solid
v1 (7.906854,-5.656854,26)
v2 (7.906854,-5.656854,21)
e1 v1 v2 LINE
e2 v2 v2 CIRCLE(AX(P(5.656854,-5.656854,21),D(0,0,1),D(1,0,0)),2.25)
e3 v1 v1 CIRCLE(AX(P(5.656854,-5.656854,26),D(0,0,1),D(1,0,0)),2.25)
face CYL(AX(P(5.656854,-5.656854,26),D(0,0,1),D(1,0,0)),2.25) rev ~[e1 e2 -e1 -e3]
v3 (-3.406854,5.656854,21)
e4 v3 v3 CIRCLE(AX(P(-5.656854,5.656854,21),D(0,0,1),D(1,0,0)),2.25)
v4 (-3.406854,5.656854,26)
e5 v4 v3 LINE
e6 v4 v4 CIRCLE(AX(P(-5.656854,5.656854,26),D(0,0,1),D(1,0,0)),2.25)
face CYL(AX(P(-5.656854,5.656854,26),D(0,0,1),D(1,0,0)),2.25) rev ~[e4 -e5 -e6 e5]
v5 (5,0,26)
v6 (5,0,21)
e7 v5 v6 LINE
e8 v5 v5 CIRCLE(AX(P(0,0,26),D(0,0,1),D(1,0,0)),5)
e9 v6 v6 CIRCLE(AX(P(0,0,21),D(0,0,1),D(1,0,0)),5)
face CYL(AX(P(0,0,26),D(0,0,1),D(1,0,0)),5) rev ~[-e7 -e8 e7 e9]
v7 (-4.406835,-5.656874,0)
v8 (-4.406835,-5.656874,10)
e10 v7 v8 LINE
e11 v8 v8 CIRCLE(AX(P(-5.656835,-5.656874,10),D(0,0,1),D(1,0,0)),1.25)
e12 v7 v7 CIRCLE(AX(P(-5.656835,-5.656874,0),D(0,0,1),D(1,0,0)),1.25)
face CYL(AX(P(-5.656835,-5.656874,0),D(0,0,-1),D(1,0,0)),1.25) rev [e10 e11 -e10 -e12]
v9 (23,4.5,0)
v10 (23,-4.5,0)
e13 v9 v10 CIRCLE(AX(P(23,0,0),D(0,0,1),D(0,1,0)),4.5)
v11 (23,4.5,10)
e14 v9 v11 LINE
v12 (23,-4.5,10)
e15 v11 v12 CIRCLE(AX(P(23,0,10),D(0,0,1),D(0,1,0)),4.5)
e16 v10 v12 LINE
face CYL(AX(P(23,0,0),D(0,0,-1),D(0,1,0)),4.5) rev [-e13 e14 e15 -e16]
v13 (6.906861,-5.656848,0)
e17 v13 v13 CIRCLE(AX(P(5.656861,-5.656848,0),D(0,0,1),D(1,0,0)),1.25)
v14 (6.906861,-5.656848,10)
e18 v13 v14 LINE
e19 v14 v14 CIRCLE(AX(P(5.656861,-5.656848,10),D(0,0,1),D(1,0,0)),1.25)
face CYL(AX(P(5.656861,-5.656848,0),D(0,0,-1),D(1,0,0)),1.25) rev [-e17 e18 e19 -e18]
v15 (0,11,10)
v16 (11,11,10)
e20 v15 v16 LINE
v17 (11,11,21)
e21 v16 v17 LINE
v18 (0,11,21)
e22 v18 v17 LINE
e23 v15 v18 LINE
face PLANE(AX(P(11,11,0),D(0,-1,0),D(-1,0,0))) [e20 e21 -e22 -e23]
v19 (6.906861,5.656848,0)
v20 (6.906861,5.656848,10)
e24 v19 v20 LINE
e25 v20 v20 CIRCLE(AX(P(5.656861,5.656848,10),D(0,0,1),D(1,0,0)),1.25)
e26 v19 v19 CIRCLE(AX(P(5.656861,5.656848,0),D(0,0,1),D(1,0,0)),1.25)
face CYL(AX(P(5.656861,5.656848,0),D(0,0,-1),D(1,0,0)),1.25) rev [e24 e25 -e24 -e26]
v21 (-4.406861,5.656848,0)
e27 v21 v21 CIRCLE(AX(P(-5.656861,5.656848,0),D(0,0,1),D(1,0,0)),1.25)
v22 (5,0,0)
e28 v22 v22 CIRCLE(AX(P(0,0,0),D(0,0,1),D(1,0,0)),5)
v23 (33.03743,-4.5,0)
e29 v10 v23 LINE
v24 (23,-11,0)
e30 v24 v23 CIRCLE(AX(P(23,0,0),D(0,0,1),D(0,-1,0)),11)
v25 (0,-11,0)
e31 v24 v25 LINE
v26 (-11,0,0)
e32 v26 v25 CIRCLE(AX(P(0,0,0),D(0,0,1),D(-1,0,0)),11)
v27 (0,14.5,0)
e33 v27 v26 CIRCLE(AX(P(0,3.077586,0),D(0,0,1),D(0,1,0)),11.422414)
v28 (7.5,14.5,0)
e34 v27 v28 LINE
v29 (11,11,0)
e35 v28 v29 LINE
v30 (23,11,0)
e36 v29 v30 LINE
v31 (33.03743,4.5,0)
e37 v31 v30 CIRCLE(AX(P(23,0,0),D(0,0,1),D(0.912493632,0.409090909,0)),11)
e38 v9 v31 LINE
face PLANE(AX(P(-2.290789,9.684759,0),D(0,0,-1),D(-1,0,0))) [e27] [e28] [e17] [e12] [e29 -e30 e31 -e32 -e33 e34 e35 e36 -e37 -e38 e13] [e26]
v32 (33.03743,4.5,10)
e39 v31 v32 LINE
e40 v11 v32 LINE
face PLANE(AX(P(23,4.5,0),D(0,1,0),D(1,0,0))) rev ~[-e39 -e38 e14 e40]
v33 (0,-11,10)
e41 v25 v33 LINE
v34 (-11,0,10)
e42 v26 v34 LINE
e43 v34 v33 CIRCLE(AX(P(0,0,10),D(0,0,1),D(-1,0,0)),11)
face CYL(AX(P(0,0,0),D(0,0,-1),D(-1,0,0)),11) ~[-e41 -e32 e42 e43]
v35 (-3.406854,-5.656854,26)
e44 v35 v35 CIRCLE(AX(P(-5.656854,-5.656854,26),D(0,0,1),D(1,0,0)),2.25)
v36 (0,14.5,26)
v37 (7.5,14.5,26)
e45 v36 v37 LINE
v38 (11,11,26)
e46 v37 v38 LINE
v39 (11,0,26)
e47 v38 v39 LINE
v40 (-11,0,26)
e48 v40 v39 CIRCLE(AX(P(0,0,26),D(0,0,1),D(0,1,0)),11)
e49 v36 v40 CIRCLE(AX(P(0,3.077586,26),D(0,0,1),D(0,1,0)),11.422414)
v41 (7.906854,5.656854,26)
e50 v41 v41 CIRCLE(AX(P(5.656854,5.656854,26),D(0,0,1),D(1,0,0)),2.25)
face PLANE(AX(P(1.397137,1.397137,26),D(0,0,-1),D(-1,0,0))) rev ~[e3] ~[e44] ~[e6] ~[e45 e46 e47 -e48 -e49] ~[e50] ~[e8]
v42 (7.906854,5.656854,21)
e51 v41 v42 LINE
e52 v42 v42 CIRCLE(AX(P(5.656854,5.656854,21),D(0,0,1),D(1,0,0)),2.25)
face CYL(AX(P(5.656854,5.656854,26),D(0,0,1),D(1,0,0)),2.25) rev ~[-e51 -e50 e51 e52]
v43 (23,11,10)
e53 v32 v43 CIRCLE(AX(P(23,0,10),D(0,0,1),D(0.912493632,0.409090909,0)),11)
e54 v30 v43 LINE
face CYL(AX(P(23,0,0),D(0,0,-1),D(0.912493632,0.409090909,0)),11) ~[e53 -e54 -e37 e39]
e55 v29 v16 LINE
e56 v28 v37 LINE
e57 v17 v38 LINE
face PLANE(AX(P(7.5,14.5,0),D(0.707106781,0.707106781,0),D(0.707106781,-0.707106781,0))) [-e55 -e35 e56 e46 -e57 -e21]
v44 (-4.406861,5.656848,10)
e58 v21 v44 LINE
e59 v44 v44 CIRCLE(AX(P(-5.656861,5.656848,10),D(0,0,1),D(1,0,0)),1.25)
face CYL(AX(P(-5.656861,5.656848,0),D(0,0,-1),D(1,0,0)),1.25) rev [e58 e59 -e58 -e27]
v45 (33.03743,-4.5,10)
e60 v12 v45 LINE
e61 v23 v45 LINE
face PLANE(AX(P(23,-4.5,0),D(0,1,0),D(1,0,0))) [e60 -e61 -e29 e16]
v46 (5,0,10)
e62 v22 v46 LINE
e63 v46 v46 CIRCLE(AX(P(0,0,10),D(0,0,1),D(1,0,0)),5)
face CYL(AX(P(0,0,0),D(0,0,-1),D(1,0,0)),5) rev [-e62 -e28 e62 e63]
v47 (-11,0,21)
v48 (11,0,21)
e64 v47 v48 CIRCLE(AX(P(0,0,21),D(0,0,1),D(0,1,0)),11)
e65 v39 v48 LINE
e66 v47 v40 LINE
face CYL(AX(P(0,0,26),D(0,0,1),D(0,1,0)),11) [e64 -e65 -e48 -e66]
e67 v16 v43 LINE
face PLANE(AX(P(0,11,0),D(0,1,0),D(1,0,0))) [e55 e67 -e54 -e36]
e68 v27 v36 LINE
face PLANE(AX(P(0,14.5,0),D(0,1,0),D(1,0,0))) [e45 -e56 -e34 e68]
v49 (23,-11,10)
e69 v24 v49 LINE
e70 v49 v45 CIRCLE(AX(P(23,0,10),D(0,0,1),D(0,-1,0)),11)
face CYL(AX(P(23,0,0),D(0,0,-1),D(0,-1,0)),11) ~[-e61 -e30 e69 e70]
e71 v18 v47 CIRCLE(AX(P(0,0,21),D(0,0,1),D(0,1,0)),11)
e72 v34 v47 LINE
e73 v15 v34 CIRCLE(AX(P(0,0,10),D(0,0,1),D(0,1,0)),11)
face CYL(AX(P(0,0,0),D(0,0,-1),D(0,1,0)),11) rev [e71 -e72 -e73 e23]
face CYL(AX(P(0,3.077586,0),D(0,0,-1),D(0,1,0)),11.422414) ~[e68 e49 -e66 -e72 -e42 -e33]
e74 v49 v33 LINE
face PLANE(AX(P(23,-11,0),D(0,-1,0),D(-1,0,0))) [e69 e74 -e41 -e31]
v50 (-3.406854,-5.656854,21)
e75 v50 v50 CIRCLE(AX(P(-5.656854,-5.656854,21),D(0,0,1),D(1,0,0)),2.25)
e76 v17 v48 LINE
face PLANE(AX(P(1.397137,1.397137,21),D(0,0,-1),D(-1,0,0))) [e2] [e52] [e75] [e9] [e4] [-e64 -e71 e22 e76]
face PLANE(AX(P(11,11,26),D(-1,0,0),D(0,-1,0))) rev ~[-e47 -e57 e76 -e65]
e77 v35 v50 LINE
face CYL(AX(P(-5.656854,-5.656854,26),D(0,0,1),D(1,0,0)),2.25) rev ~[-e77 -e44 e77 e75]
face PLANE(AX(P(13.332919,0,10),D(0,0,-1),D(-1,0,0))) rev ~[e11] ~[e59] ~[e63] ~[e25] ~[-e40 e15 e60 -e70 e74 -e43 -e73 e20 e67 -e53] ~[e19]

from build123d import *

# Parameters (mm, degrees)
SKETCH_R      = 5
SKETCH_R_2    = 1.25
PAD_DEPTH     = 10
PAD001_DEPTH  = 26
SKETCH003_R   = 2.25
SKETCH003_R_2 = 5
PAD002_DEPTH  = 5


with BuildPart() as part:
    # Sketch → Pad (new body)
    with BuildSketch(Plane.XY):
        with BuildLine():
            Line((0, 11), (23, 11))
            ThreePointArc((33.0374299499, 4.5), (28.9791303716, 9.2330926563), (23, 11))
            Line((23, 4.5), (33.0374299499, 4.5))
            ThreePointArc((23, 4.5), (18.5, 0), (23, -4.5))
            Line((23, -4.5), (33.0374299499, -4.5))
            ThreePointArc((23, -11), (28.9791303716, -9.2330926563), (33.0374299499, -4.5))
            Line((23, -11), (0, -11))
            ThreePointArc((-11, 0), (-7.7781745931, -7.7781745931), (0, -11))
            ThreePointArc((0, 11), (-7.7781745931, 7.7781745931), (-11, 0))
        make_face()
        Circle(SKETCH_R, mode=Mode.SUBTRACT)
        with Locations((-5.6568608175, 5.6568476815)):
            Circle(SKETCH_R_2, mode=Mode.SUBTRACT)
        with Locations((5.6568608175, 5.6568476815)):
            Circle(SKETCH_R_2, mode=Mode.SUBTRACT)
        with Locations((5.6568608175, -5.6568476815)):
            Circle(SKETCH_R_2, mode=Mode.SUBTRACT)
        with Locations((-5.6568345454, -5.6568739536)):
            Circle(SKETCH_R_2, mode=Mode.SUBTRACT)
    extrude(amount=PAD_DEPTH)

    # Sketch002 (on Face16 of Pad) → Pad001 (join)
    with BuildSketch(Plane.XY):
        with BuildLine():
            ThreePointArc((0, 11), (-7.7781745931, 7.7781745931), (-11, 0))
            ThreePointArc((0, 14.5), (-9.1001373616, 9.9811386881), (-11, 0))
            Line((0, 14.5), (7.5, 14.5))
            Line((7.5, 14.5), (11, 11))
            Line((11, 11), (0, 11))
        make_face()
    extrude(amount=PAD001_DEPTH)

    # Sketch003 (on Face11 of Pad001) → Pad002 (join)
    with BuildSketch(Plane.XY.offset(26)):
        with BuildLine():
            Line((0, 11), (11, 11))
            Line((11, 11), (11, 0))
            ThreePointArc((0, 11), (-7.7781745931, -7.7781745931), (11, 0))
        make_face()
        with Locations((-5.6568542391, 5.6568542599)):
            Circle(SKETCH003_R, mode=Mode.SUBTRACT)
        with Locations((5.6568542391, 5.6568542599)):
            Circle(SKETCH003_R, mode=Mode.SUBTRACT)
        with Locations((5.6568542391, -5.6568542599)):
            Circle(SKETCH003_R, mode=Mode.SUBTRACT)
        with Locations((-5.6568542806, -5.6568542184)):
            Circle(SKETCH003_R, mode=Mode.SUBTRACT)
        Circle(SKETCH003_R_2, mode=Mode.SUBTRACT)
    extrude(amount=-PAD002_DEPTH)


solid = part.part
